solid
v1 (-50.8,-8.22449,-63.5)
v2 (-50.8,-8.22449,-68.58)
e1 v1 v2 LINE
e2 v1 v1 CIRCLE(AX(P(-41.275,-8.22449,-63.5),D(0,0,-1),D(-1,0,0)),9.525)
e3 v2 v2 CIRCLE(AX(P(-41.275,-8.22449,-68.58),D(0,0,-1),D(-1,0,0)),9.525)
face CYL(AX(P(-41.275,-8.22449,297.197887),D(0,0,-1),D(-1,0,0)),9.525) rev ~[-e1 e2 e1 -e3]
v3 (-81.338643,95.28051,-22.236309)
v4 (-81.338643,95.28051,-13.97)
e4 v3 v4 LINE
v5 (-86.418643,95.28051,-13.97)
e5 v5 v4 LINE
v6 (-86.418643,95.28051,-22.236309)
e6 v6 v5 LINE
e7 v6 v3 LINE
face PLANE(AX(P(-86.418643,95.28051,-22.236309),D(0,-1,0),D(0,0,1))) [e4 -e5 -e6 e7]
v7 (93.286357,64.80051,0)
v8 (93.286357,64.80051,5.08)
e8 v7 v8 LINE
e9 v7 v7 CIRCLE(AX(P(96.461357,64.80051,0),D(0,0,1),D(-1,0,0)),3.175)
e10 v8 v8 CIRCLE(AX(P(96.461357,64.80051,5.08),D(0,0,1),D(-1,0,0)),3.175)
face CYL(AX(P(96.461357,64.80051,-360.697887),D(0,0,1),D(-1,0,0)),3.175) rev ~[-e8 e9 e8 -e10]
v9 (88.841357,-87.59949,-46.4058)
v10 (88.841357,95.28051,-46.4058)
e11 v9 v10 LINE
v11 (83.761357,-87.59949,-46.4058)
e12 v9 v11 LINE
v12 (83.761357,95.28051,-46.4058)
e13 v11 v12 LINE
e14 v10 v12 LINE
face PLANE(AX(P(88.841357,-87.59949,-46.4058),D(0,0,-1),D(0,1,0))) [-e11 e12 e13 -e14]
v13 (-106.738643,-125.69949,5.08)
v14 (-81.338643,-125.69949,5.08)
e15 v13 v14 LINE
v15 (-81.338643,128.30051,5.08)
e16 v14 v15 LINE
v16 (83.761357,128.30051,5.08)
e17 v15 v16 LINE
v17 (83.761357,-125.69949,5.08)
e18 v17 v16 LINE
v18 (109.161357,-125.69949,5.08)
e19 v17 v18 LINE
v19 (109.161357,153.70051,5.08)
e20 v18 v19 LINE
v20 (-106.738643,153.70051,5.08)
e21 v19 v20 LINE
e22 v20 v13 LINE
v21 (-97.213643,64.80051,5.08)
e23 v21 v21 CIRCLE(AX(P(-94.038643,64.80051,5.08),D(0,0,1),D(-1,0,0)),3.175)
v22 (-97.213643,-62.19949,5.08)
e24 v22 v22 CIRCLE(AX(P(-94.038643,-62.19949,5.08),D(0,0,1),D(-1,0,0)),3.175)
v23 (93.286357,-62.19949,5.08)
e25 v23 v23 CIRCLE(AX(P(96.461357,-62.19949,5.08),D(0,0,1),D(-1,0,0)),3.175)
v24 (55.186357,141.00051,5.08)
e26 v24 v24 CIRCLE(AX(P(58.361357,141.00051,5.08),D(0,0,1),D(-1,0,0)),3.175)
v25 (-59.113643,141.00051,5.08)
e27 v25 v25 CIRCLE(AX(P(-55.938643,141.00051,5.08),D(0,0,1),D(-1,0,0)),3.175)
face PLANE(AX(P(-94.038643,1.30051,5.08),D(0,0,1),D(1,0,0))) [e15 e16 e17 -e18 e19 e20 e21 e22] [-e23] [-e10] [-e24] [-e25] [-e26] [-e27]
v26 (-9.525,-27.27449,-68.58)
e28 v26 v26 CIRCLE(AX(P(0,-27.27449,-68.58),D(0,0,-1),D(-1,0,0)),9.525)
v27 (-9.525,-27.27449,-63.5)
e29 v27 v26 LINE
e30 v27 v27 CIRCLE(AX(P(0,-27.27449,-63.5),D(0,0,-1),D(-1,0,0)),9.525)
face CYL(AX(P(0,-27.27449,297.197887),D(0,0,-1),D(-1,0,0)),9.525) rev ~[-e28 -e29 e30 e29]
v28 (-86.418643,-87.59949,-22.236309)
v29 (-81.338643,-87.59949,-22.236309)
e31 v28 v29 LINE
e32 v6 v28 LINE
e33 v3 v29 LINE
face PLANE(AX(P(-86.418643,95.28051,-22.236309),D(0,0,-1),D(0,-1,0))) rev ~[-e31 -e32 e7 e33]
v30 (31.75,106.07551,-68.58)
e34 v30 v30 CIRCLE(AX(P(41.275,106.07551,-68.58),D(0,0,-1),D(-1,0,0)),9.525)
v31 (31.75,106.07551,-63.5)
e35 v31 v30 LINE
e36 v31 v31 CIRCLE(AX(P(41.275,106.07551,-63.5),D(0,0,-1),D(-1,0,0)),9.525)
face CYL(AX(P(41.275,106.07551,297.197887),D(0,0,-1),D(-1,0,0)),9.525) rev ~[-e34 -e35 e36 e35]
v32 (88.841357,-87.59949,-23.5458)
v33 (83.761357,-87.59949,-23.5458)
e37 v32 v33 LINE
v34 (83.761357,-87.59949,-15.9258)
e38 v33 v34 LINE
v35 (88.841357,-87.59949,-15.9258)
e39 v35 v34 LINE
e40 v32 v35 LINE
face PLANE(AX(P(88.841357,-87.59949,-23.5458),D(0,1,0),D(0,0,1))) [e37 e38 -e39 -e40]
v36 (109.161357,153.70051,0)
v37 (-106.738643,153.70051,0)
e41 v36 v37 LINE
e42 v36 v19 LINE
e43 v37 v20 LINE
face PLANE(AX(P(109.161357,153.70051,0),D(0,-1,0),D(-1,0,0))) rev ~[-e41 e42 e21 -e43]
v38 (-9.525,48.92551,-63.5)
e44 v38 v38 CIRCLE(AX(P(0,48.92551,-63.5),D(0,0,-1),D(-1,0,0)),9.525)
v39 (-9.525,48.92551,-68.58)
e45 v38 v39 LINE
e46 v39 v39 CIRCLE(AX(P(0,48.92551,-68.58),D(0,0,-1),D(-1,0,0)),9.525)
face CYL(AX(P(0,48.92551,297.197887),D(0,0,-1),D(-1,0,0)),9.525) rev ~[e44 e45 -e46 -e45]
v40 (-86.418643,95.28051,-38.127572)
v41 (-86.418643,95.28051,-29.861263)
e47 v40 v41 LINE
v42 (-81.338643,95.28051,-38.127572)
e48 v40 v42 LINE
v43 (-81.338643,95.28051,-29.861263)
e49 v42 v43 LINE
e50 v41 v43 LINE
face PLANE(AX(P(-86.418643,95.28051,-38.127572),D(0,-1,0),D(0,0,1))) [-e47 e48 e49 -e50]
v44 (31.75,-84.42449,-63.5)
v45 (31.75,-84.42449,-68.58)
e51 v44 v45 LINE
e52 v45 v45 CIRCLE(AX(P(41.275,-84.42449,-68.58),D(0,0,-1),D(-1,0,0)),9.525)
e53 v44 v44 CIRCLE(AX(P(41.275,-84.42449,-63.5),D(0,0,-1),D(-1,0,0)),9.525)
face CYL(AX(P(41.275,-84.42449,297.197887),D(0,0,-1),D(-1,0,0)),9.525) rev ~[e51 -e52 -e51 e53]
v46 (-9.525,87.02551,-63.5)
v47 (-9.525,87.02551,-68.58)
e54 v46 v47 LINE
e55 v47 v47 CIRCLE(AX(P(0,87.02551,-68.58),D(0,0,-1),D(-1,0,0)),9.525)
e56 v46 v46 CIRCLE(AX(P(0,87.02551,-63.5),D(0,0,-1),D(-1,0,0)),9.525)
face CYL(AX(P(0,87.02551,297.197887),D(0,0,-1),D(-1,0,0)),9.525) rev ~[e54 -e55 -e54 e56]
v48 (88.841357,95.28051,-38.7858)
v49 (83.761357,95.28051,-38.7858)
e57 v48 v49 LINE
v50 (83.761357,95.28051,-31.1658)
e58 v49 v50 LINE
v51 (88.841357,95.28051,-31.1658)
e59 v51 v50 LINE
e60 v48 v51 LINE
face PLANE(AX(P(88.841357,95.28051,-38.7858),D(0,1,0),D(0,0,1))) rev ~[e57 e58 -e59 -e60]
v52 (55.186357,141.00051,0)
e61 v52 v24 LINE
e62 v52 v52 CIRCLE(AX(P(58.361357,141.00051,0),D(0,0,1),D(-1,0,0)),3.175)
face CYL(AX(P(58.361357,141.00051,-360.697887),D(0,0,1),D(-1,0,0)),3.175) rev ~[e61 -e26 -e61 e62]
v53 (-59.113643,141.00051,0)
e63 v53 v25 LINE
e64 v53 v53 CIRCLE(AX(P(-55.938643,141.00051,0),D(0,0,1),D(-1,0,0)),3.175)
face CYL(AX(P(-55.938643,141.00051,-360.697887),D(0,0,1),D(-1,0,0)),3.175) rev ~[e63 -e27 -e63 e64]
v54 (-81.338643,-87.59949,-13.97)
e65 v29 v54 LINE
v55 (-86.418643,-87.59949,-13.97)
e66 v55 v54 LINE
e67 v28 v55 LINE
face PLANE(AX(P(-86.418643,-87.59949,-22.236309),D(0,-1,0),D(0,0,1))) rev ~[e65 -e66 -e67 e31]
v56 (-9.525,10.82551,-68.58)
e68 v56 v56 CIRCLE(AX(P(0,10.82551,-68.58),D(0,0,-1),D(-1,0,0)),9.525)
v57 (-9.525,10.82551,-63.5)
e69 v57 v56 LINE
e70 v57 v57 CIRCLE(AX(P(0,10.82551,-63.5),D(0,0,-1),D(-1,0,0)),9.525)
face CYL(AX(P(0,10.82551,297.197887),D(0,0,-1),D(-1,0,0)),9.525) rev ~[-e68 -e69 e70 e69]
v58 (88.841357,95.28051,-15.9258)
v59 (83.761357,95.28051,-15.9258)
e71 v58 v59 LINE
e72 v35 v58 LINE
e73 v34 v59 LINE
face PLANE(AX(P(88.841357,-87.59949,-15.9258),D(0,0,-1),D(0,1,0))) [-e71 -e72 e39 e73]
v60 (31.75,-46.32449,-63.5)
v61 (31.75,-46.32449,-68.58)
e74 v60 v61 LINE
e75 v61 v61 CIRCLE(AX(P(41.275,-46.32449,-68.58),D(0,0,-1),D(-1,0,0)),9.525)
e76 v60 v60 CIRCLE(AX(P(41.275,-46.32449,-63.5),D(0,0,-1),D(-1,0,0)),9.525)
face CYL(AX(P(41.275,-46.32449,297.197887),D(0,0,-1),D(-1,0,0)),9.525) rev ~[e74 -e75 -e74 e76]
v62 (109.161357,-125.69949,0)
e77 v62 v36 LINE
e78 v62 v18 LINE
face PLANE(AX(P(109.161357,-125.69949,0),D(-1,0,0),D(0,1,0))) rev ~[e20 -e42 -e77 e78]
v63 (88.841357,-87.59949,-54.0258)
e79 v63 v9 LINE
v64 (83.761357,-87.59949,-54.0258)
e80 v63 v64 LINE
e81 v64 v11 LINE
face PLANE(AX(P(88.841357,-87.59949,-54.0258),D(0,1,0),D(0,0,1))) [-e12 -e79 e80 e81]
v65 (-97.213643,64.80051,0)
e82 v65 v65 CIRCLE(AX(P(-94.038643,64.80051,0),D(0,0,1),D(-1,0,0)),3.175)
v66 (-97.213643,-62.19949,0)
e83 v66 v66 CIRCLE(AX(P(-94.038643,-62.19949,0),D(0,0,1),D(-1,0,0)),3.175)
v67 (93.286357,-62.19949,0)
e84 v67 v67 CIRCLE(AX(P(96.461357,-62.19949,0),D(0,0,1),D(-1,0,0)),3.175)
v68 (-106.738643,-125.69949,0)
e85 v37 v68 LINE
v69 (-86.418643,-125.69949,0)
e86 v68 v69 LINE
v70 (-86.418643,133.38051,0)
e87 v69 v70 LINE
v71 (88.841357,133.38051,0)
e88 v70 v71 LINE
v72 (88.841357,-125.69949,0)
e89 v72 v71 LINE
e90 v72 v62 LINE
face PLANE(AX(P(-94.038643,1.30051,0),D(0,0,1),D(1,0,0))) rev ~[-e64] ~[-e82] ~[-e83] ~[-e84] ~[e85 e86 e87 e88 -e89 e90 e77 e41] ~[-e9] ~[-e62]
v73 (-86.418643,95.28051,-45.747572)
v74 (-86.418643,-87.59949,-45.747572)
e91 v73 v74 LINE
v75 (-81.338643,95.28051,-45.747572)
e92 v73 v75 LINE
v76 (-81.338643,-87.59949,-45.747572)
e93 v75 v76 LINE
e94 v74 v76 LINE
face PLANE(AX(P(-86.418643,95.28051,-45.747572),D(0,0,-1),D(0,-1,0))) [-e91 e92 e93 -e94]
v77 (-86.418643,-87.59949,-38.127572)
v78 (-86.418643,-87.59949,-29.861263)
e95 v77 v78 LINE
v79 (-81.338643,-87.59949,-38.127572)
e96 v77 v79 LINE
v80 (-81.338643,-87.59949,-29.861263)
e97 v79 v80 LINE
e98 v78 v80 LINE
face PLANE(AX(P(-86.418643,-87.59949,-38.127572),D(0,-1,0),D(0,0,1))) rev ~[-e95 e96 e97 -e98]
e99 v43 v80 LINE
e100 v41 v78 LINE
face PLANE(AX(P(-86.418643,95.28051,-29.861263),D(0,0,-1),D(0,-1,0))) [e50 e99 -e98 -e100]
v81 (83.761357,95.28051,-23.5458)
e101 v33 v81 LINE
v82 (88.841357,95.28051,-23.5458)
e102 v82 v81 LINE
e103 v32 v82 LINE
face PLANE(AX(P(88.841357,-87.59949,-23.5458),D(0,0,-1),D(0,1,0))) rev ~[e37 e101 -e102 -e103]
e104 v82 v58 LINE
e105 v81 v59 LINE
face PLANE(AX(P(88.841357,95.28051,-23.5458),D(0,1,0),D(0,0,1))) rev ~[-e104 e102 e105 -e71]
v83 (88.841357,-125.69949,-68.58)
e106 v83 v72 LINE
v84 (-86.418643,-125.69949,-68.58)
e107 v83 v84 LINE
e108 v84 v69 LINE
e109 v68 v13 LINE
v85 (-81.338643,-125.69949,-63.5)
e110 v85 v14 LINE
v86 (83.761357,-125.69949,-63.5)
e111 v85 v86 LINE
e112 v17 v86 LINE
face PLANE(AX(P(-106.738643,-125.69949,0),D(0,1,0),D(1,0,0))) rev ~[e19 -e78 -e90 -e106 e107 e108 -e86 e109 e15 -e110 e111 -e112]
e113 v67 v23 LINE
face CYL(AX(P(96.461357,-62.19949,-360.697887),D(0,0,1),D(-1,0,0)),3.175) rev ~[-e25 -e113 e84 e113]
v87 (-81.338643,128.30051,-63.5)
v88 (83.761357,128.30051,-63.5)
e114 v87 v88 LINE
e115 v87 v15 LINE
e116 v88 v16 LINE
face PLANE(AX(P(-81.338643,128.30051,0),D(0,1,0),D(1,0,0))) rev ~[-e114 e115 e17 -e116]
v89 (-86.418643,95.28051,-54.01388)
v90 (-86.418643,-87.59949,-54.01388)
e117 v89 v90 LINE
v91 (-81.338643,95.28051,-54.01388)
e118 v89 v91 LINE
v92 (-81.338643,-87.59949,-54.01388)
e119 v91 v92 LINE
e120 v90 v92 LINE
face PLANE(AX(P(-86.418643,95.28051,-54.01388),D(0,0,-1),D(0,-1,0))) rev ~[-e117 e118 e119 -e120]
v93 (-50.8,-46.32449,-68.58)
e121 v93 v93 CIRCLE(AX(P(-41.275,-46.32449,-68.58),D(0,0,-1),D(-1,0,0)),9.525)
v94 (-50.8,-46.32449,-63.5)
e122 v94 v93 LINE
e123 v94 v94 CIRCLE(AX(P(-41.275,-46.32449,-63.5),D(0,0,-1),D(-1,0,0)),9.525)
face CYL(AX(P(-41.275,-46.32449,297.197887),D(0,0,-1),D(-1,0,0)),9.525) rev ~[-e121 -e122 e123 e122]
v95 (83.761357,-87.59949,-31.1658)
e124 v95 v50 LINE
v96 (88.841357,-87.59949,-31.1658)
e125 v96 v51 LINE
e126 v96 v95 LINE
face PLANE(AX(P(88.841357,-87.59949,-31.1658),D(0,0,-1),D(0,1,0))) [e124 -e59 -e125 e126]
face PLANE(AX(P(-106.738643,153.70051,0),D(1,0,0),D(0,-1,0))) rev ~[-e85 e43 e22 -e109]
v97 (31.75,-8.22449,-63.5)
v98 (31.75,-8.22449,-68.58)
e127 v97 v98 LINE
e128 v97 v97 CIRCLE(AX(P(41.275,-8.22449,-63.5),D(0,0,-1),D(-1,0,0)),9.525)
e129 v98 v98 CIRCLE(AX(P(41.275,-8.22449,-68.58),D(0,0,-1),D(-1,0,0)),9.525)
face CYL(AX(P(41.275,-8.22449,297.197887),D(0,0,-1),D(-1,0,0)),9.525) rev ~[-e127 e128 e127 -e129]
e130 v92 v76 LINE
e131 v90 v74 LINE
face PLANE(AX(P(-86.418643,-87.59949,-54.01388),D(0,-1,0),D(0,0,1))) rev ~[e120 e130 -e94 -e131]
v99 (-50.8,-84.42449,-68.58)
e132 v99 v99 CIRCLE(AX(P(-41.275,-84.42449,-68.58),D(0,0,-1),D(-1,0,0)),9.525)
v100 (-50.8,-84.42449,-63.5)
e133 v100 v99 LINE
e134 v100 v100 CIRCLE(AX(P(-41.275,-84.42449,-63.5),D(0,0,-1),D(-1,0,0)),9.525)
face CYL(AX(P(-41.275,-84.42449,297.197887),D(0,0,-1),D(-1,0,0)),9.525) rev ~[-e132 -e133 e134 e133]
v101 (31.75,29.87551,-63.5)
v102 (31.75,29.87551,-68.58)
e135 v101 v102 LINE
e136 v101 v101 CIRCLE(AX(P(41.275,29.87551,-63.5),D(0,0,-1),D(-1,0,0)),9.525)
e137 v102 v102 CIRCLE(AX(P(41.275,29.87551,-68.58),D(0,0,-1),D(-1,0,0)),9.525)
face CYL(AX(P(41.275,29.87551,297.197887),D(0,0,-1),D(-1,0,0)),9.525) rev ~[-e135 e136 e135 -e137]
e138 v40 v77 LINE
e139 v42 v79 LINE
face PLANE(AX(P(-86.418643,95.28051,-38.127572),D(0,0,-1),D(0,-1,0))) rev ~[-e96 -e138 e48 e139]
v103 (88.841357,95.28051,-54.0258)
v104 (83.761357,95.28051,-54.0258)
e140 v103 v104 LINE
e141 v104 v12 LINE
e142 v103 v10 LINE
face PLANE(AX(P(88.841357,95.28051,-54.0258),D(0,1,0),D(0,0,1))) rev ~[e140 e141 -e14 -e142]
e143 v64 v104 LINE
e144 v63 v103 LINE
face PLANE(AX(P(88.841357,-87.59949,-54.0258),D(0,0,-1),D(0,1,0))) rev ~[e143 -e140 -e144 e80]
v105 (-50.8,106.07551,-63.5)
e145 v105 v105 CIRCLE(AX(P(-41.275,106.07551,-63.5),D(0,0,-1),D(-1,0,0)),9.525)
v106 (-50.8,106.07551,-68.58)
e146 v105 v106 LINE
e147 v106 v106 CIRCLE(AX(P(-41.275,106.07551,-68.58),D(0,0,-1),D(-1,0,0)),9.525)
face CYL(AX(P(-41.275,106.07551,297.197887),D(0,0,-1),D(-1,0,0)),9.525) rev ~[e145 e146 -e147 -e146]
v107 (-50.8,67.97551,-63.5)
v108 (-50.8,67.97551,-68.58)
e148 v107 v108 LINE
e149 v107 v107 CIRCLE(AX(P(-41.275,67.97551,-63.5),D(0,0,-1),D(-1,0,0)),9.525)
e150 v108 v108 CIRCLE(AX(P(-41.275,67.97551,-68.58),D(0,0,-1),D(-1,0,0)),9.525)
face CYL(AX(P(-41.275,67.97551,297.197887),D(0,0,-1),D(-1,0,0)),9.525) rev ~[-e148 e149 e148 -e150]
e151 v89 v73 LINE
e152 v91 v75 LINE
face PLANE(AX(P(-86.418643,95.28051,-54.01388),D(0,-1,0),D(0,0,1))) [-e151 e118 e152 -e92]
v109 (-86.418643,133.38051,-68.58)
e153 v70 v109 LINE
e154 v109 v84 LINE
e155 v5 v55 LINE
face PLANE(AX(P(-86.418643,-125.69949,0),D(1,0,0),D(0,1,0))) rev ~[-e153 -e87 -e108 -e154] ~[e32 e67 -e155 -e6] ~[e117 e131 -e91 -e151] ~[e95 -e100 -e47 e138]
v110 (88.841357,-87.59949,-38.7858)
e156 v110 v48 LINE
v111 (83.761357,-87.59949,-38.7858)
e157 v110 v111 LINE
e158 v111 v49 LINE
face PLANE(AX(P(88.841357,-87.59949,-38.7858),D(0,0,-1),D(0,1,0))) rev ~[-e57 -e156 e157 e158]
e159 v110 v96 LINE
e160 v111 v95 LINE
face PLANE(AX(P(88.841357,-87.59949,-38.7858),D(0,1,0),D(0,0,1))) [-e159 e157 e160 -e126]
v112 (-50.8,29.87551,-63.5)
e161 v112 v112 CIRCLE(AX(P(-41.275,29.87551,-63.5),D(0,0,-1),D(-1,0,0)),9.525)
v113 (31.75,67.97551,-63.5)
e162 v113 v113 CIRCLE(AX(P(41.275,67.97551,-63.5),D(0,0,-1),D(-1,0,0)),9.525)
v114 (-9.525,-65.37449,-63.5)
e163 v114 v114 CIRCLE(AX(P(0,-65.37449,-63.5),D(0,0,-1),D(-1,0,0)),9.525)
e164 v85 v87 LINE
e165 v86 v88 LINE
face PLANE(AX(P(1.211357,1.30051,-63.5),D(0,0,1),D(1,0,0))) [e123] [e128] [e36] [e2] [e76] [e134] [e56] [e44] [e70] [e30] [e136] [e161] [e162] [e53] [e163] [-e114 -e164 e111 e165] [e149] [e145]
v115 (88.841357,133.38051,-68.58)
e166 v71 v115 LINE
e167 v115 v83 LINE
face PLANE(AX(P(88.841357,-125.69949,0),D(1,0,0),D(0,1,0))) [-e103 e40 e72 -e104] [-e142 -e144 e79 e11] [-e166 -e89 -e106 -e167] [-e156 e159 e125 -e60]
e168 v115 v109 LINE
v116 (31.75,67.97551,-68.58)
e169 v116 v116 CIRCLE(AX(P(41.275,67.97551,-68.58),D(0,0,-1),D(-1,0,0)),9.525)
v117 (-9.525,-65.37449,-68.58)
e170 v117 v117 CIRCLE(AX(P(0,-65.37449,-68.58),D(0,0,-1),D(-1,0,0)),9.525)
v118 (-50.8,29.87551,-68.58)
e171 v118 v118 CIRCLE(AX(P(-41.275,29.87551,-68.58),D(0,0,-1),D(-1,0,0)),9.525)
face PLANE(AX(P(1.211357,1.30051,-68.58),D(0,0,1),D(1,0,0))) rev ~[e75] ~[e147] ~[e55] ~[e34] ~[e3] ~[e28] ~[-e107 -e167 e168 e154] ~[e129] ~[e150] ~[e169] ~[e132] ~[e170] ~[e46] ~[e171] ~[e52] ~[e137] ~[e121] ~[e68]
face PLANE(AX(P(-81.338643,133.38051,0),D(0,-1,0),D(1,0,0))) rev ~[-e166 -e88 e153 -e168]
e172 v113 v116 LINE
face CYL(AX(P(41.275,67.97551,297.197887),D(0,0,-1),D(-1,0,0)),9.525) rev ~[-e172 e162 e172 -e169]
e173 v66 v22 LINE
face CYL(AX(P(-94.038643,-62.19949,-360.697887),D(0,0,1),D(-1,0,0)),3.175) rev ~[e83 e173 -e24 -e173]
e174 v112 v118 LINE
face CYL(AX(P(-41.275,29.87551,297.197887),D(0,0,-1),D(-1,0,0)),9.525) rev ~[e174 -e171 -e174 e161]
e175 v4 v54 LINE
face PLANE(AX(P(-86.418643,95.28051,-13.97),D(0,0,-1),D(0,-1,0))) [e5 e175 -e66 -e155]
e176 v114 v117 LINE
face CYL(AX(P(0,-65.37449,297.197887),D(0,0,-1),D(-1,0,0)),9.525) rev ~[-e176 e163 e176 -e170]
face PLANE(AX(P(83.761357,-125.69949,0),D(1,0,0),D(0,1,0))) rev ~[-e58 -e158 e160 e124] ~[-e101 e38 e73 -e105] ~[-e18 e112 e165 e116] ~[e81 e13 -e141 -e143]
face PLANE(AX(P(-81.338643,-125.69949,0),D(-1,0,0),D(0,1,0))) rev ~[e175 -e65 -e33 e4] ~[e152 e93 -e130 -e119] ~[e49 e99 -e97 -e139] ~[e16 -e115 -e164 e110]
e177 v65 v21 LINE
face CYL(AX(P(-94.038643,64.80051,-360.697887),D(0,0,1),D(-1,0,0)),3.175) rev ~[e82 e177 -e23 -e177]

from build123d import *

# Parameters (mm, degrees)
F0_W      = 165.1
F0_H      = 254
F1_DEPTH  = 63.5
F2_T      = 5.08
F0_W_2    = 25.4
F3_DEPTH  = 5.08
F5_D      = 6.35
F7_D      = 19.05
F8_W      = 182.88
F8_H      = 8.2663088166
F9_DEPTH  = 25.4
F10_W     = 182.88
F10_H     = 7.62
F11_DEPTH = 25.4


with BuildPart() as f1:
    # F0 (on Top) → F1 (new body)
    with BuildSketch(Plane.XY):
        with Locations((1.211356771, 1.3005096912)):
            Rectangle(F0_W, F0_H)
    extrude(amount=-F1_DEPTH)

    # F2
    f2_openings = [f1.faces().sort_by_distance(p)[0] for p in [
        (1.211357, -125.69949, -31.75),
        (1.211357, 1.30051, 0),
    ]]
    offset(amount=F2_T, openings=f2_openings, kind=Kind.INTERSECTION)

    # F0 (on Top) → F3 (join)
    with BuildSketch(Plane.XY):
        with Locations((-94.038643229, 1.3005096912)):
            Rectangle(F0_W_2, F0_H)
        Polygon((-106.738643229, 128.3005096912), (-81.338643229, 128.3005096912), (83.761356771, 128.3005096912), (109.161356771, 128.3005096912), (109.161356771, 153.7005096912), (-106.738643229, 153.7005096912), align=None)
        with Locations((96.461356771, 1.3005096912)):
            Rectangle(F0_W_2, F0_H)
    extrude(amount=F3_DEPTH)

    # F5 (through all)
    with Locations(Plane(origin=(0, 0, 0), x_dir=(1, 0, 0), z_dir=(0, 0, -1))):
        with Locations((-94.038643229, -64.8005096912), (-94.038643229, 62.1994903088), (-55.938643229, -141.0005096912), (96.461356771, 62.1994903088), (96.461356771, -64.8005096912), (58.361356771, -141.0005096912)):
            Hole(F5_D / 2)

    # F7 (through all)
    with Locations(Plane.XY.offset(-63.5)):
        with Locations((-41.275, 106.0755096912), (41.275, 106.0755096912), (41.275, 67.9755096912), (0, 87.0255096912), (-41.275, 67.9755096912), (0, 48.9255096912), (41.275, 29.8755096912), (-41.275, 29.8755096912), (0, 10.8255096912), (-41.275, -8.2244903088), (41.275, -8.2244903088), (0, -27.2744903088), (41.275, -46.3244903088), (-41.275, -46.3244903088), (0, -65.3744903088), (41.275, -84.4244903088), (-41.275, -84.4244903088)):
            Hole(F7_D / 2)

    # F8 (on face) → F9 (cut)
    with BuildSketch(Plane(origin=(-86.418643229, 0, 0), x_dir=(0, -1, 0), z_dir=(-1, 0, 0))):
        with Locations((-3.8405096912, -18.1031544083)):
            Rectangle(F8_W, F8_H)
        with Locations((-3.8405096912, -33.9944171529)):
            Rectangle(F8_W, F8_H)
        with Locations((-3.8405096912, -49.8807259695)):
            Rectangle(F8_W, F8_H)
    extrude(amount=-F9_DEPTH, mode=Mode.SUBTRACT)

    # F10 (on face) → F11 (cut)
    with BuildSketch(Plane.YZ.offset(88.841356771)):
        with Locations((3.8405096912, -19.7358)):
            Rectangle(F10_W, F10_H)
        with Locations((3.8405096912, -34.9758)):
            Rectangle(F10_W, F10_H)
        with Locations((3.8405096912, -50.2158)):
            Rectangle(F10_W, F10_H)
    extrude(amount=-F11_DEPTH, mode=Mode.SUBTRACT)


solid = f1.part
